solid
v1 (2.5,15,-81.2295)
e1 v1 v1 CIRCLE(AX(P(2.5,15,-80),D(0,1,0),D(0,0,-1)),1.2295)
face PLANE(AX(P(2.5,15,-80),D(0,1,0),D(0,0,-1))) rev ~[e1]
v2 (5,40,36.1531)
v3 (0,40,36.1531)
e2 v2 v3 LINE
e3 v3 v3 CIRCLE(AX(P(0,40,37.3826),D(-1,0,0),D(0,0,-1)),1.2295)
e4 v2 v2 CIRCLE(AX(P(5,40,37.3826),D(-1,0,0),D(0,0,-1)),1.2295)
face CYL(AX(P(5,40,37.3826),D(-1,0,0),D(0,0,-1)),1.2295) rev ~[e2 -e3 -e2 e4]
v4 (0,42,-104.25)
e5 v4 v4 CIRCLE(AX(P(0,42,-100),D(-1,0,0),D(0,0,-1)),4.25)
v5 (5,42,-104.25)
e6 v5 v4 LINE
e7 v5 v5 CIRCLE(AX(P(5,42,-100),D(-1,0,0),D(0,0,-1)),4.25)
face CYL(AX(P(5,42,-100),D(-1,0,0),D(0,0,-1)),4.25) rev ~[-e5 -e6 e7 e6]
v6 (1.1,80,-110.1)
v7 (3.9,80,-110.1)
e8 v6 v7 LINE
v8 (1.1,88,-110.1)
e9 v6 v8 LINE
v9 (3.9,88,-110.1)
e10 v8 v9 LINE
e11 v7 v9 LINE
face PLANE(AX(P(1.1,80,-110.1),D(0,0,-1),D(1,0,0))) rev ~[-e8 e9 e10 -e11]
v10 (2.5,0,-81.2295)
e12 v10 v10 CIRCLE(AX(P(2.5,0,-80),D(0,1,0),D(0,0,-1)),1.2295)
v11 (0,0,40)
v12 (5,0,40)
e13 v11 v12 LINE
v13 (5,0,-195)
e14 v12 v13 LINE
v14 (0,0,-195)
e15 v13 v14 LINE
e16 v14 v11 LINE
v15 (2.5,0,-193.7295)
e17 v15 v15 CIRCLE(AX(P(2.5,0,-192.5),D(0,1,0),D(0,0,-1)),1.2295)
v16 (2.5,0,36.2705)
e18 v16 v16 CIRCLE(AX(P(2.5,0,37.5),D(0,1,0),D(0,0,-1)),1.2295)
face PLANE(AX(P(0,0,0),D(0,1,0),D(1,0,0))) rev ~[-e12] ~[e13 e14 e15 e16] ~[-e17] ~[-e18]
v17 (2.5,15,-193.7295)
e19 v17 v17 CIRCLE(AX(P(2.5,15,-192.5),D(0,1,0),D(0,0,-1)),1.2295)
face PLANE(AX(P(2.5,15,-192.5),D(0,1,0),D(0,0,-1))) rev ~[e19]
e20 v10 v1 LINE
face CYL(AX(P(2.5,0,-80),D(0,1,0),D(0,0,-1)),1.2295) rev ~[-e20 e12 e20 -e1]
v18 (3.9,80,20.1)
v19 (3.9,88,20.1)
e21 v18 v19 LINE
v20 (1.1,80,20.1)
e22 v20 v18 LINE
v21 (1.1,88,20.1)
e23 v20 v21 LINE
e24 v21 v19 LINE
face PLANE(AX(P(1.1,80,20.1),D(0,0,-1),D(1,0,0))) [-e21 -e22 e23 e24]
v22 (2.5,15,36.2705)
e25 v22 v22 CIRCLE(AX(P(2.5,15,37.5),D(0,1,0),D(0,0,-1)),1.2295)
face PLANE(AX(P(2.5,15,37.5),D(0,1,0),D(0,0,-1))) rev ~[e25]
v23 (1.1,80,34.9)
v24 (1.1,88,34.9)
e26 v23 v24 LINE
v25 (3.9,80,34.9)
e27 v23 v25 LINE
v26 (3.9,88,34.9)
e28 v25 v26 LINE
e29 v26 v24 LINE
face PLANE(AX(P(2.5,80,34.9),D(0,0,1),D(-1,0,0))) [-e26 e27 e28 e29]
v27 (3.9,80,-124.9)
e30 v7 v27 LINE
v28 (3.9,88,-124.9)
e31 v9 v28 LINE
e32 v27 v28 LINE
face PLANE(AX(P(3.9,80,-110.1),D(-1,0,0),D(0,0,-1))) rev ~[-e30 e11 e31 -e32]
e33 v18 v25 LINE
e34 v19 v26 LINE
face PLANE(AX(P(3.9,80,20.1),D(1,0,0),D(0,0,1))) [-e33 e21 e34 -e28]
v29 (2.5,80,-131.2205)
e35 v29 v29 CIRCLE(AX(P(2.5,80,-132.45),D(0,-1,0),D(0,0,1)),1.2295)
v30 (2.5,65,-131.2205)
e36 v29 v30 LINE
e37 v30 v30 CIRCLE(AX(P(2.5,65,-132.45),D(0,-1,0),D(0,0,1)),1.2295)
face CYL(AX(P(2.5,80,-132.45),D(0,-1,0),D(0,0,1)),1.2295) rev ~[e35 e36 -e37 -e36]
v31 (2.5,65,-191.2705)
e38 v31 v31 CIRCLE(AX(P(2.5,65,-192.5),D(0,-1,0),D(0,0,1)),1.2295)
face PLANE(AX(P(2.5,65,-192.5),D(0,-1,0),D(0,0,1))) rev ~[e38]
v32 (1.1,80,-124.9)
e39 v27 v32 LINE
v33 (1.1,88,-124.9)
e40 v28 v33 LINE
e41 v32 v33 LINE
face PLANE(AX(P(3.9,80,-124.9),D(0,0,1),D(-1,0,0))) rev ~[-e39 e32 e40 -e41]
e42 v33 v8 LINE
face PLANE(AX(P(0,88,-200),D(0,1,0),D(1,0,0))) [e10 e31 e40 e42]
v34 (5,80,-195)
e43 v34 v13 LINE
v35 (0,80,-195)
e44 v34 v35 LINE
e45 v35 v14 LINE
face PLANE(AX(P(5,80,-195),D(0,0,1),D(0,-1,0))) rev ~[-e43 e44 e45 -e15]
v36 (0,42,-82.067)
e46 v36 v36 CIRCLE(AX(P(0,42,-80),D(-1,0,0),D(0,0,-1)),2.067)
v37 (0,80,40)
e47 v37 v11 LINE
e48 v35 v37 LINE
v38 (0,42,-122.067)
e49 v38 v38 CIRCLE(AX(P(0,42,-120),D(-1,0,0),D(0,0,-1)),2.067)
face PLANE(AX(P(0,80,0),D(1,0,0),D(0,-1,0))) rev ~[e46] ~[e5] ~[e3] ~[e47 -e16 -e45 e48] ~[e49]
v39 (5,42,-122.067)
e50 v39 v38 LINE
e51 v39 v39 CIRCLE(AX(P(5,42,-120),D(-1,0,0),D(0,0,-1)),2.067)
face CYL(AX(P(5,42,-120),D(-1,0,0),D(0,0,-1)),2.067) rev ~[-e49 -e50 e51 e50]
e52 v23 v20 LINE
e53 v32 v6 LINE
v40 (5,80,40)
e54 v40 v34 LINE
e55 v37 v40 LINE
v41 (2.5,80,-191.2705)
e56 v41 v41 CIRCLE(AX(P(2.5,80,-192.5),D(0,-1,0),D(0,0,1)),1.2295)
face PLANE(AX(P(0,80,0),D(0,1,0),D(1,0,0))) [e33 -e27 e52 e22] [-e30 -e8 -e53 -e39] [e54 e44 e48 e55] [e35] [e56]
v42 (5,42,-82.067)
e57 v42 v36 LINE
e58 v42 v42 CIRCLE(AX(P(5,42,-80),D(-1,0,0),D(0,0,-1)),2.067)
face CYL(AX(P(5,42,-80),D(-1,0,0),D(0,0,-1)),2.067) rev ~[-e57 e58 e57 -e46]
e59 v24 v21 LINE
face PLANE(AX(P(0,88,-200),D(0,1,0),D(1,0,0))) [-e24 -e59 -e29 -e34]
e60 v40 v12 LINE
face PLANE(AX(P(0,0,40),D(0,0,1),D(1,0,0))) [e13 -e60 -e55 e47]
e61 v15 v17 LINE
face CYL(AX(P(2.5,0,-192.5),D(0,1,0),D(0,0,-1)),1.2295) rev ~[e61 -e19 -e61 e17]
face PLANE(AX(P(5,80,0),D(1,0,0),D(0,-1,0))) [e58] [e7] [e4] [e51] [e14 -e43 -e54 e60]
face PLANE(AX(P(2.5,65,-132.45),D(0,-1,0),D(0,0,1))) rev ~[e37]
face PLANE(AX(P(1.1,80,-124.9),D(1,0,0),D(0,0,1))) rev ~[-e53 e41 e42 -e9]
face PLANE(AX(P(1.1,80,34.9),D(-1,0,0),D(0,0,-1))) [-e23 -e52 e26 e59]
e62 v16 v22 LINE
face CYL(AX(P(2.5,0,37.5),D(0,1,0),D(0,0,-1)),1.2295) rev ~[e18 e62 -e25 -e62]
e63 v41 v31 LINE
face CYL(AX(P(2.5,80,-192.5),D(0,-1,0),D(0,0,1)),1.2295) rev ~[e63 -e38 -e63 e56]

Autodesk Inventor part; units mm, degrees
ref_plane "YZ Plane" through (0, 0, 0) normal (1, 0, 0) x (0, 1, 0)
ref_plane "XZ Plane" through (0, 0, 0) normal (0, 1, 0) x (-1, 0, 0)
ref_plane "XY Plane" through (0, 0, 0) normal (0, 0, 1) x (1, 0, 0)
sketch "Esquisse1" plane through (0, 0, 0) normal (1, 0, 0) x (0, 1, 0)
  line L0 (0, 0) -> (80, 0)
  line L1 (80, 0) -> (80, -200)
  line L2 (80, -200) -> (0, -200)
  line L3 (0, -200) -> (0, 0)
  dimension "d0" = 80
  dimension "d1" = 200
extrude "Extrusion1" add sketch "Esquisse1" along normal blind 5
sketch "Esquisse7" plane through (5, 0, 0) normal (1, 0, 0) x (0, 0, -1)
  line L0 (0, 0) -> (100, 0)
  line L1 (0, 0) -> (200, 0) projected
  line L2 (100, 0) -> (180, 0) construction
  line L3 (100, 80) -> (100, 10)
  line L4 (100, 80) -> (170, 80) construction
  line L5 (120, 42) -> (80, 42)
  dimension "d50" = 100
  dimension "d54" = 90
  dimension "d80" = 40
hole "Perçage6" at (5, 42, -120) at (5, 42, -80) direction (-1, 0, 0) diameter 4.134 end through all thread size "M5x0.8" class "6H" standard "ISO Metric profile"
sketch "Esquisse8" plane through (5, 0, 0) normal (1, 0, 0) x (0, 0, -1)
  circle A0 centre (80, 42) radius 2.067 projected
  line L0 (80, 42) -> (100, 42)
  point P0 (0, 0)
hole "Perçage7" at (5, 42, -100) direction (-1, 0, 0) diameter 8.5 end through all
sketch "Esquisse9" plane through (0, 0, 0) normal (0, 0, 1) x (1, 0, 0)
  line L0 (0, 80) -> (0, 0) projected
  line L1 (0, 0) -> (5, 0) projected
  line L2 (5, 80) -> (5, 0) projected
  line L3 (0, 80) -> (5, 80) projected
extrude "Extrusion2" add sketch "Esquisse9" along normal blind 40
sketch "Esquisse5" plane through (0, 80, 0) normal (0, 1, 0) x (1, 0, 0)
  line L0 (0, 0) -> (5, 0) projected
  line L1 (2.5, 0) -> (5, 0) construction
  line L2 (0, 200) -> (0, 0) projected
  line L3 (0, 200) -> (5, 200) projected
  line L4 (0, 200) -> (0, 132.45)
  line L5 (0, 132.45) -> (2.5, 132.45)
  point P0 (2.5, 197.5)
  point P1 (0, -40)
  point P2 (2.5, 200)
  dimension "d84" = 2.5
  dimension "d85" = 2.5
  dimension "d86" = 67.55
hole "Perçage4" at (2.5, 80, -197.5) at (2.5, 80, -132.45) direction (0, -1, 0) diameter 2.459 depth 15 thread size "M3x0.5" class "6H" standard "ISO Metric profile"
sketch "Esquisse4" plane through (0, 0, -200) normal (0, -1, 0) x (1, 0, 0)
  line L0 (0, 0) -> (0, 200) projected
  line L1 (5, 200) -> (5, 0) projected
  line L2 (5, 240) -> (0, 240) projected
  line L3 (0, 240) -> (2.5, 240)
  line L4 (2.5, 237.5) -> (2.5, 240)
  line L5 (0, 240) -> (0, 120)
  line L6 (0, 0) -> (5, 0) projected
  line L7 (0, 120) -> (2.5, 120)
  point P0 (2.5, 2.5)
  point P1 (2.5, 0)
  dimension "d87" = 120
  dimension "d88" = 2.5
  dimension "d89" = 2.5
hole "Perçage3" at (2.5, 0, -197.5) at (2.5, 0, 37.5) at (2.5, 0, -80) direction (0, 1, 0) diameter 2.459 depth 15 thread size "M3x0.5" class "6H" standard "ISO Metric profile"
sketch "Esquisse3" plane through (5, 0, 0) normal (1, 0, 0) x (0, 0, -1)
  line L0 (0, 0) -> (200, 0) projected
  line L1 (-39.8826, 0) -> (-37.3826, 0)
  line L2 (-37.3826, 0) -> (-37.3826, 40)
  point P0 (197.5, 40)
  dimension "d90" = 2.5
  dimension "d91" = 40
hole "Perçage2" at (5, 40, -197.5) at (5, 40, 37.3826) direction (-1, 0, 0) diameter 2.459 end through all thread size "M3x0.5" class "6H" standard "ISO Metric profile"
sketch "Esquisse10" plane through (0, 80, -200) normal (0, 1, 0) x (1, 0, 0)
  line L0 (5, -240) -> (0, -240) projected
  line L1 (2.5, -240) -> (2.5, -234.9)
  line L2 (2.5, -234.9) -> (3.9, -234.9)
  line L3 (2.5, -234.9) -> (1.1, -234.9)
  line L4 (1.1, -234.9) -> (1.1, -220.1)
  line L5 (1.1, -220.1) -> (3.9, -220.1)
  line L6 (3.9, -220.1) -> (3.9, -234.9)
  line L7 (0, -240) -> (0, -89.9)
  line L8 (0, 0) -> (0, -240) projected
  line L9 (0, -89.9) -> (1.1, -89.9)
  line L10 (1.1, -89.9) -> (3.9, -89.9)
  line L11 (3.9, -89.9) -> (3.9, -75.1)
  line L12 (3.9, -75.1) -> (1.1, -75.1)
  line L13 (1.1, -75.1) -> (1.1, -89.9)
  point P0 (0, -200)
  dimension "d92" = 5.1
  dimension "d93" = 1.4
  dimension "d94" = 1.4
  dimension "d95" = 14.8
  dimension "d96" = 150.1
  dimension "d97" = 1.1
  dimension "d98" = 14.8
  dimension "d99" = 2.8
extrude "Extrusion3" add sketch "Esquisse10" along normal blind 8
sketch "Esquisse11" plane through (5, 0, 0) normal (1, 0, 0) x (0, 0, -1)
  line L0 (200, 80) -> (-40, 80) projected
  line L1 (200, 0) -> (-40, 0) projected
  line L2 (200, 80) -> (195, 80)
  line L3 (195, 80) -> (195, 0)
  line L4 (195, 0) -> (200, 0)
  line L5 (200, 0) -> (200, 80)
  point P0 (0, 0)
  dimension "d102" = 5
extrude "Extrusion4" cut sketch "Esquisse11" against normal blind 8
sketch "Esquisse12" plane through (0, 80, 40) normal (0, 1, 0) x (1, 0, 0)
  line L0 (0, 235) -> (0, 0) projected
  line L1 (0, 235) -> (2.5, 235)
  line L2 (0, 235) -> (5, 235) projected
  line L3 (2.5, 235) -> (2.5, 232.5)
  point P0 (0, 40)
  dimension "d105" = 2.5
  dimension "d106" = 2.5
hole "Perçage8" at (2.5, 80, -192.5) direction (0, -1, 0) diameter 2.459 depth 15 thread size "M3x0.5" class "6H" standard "ISO Metric profile"
sketch "Esquisse13" plane through (0, 0, 40) normal (0, -1, 0) x (1, 0, 0)
  line L0 (0, -235) -> (0, 0) projected
  line L1 (0, -235) -> (2.5, -235)
  line L2 (5, -235) -> (0, -235) projected
  circle A0 centre (2.5, -232.5) radius 1.2295 projected
  point P0 (0, -40)
hole "Perçage9" at (2.5, 0, -192.5) direction (0, 1, 0) diameter 2.459 depth 15 thread size "M3x0.5" class "6H" standard "ISO Metric profile"
properties part number "chassis_côté"
